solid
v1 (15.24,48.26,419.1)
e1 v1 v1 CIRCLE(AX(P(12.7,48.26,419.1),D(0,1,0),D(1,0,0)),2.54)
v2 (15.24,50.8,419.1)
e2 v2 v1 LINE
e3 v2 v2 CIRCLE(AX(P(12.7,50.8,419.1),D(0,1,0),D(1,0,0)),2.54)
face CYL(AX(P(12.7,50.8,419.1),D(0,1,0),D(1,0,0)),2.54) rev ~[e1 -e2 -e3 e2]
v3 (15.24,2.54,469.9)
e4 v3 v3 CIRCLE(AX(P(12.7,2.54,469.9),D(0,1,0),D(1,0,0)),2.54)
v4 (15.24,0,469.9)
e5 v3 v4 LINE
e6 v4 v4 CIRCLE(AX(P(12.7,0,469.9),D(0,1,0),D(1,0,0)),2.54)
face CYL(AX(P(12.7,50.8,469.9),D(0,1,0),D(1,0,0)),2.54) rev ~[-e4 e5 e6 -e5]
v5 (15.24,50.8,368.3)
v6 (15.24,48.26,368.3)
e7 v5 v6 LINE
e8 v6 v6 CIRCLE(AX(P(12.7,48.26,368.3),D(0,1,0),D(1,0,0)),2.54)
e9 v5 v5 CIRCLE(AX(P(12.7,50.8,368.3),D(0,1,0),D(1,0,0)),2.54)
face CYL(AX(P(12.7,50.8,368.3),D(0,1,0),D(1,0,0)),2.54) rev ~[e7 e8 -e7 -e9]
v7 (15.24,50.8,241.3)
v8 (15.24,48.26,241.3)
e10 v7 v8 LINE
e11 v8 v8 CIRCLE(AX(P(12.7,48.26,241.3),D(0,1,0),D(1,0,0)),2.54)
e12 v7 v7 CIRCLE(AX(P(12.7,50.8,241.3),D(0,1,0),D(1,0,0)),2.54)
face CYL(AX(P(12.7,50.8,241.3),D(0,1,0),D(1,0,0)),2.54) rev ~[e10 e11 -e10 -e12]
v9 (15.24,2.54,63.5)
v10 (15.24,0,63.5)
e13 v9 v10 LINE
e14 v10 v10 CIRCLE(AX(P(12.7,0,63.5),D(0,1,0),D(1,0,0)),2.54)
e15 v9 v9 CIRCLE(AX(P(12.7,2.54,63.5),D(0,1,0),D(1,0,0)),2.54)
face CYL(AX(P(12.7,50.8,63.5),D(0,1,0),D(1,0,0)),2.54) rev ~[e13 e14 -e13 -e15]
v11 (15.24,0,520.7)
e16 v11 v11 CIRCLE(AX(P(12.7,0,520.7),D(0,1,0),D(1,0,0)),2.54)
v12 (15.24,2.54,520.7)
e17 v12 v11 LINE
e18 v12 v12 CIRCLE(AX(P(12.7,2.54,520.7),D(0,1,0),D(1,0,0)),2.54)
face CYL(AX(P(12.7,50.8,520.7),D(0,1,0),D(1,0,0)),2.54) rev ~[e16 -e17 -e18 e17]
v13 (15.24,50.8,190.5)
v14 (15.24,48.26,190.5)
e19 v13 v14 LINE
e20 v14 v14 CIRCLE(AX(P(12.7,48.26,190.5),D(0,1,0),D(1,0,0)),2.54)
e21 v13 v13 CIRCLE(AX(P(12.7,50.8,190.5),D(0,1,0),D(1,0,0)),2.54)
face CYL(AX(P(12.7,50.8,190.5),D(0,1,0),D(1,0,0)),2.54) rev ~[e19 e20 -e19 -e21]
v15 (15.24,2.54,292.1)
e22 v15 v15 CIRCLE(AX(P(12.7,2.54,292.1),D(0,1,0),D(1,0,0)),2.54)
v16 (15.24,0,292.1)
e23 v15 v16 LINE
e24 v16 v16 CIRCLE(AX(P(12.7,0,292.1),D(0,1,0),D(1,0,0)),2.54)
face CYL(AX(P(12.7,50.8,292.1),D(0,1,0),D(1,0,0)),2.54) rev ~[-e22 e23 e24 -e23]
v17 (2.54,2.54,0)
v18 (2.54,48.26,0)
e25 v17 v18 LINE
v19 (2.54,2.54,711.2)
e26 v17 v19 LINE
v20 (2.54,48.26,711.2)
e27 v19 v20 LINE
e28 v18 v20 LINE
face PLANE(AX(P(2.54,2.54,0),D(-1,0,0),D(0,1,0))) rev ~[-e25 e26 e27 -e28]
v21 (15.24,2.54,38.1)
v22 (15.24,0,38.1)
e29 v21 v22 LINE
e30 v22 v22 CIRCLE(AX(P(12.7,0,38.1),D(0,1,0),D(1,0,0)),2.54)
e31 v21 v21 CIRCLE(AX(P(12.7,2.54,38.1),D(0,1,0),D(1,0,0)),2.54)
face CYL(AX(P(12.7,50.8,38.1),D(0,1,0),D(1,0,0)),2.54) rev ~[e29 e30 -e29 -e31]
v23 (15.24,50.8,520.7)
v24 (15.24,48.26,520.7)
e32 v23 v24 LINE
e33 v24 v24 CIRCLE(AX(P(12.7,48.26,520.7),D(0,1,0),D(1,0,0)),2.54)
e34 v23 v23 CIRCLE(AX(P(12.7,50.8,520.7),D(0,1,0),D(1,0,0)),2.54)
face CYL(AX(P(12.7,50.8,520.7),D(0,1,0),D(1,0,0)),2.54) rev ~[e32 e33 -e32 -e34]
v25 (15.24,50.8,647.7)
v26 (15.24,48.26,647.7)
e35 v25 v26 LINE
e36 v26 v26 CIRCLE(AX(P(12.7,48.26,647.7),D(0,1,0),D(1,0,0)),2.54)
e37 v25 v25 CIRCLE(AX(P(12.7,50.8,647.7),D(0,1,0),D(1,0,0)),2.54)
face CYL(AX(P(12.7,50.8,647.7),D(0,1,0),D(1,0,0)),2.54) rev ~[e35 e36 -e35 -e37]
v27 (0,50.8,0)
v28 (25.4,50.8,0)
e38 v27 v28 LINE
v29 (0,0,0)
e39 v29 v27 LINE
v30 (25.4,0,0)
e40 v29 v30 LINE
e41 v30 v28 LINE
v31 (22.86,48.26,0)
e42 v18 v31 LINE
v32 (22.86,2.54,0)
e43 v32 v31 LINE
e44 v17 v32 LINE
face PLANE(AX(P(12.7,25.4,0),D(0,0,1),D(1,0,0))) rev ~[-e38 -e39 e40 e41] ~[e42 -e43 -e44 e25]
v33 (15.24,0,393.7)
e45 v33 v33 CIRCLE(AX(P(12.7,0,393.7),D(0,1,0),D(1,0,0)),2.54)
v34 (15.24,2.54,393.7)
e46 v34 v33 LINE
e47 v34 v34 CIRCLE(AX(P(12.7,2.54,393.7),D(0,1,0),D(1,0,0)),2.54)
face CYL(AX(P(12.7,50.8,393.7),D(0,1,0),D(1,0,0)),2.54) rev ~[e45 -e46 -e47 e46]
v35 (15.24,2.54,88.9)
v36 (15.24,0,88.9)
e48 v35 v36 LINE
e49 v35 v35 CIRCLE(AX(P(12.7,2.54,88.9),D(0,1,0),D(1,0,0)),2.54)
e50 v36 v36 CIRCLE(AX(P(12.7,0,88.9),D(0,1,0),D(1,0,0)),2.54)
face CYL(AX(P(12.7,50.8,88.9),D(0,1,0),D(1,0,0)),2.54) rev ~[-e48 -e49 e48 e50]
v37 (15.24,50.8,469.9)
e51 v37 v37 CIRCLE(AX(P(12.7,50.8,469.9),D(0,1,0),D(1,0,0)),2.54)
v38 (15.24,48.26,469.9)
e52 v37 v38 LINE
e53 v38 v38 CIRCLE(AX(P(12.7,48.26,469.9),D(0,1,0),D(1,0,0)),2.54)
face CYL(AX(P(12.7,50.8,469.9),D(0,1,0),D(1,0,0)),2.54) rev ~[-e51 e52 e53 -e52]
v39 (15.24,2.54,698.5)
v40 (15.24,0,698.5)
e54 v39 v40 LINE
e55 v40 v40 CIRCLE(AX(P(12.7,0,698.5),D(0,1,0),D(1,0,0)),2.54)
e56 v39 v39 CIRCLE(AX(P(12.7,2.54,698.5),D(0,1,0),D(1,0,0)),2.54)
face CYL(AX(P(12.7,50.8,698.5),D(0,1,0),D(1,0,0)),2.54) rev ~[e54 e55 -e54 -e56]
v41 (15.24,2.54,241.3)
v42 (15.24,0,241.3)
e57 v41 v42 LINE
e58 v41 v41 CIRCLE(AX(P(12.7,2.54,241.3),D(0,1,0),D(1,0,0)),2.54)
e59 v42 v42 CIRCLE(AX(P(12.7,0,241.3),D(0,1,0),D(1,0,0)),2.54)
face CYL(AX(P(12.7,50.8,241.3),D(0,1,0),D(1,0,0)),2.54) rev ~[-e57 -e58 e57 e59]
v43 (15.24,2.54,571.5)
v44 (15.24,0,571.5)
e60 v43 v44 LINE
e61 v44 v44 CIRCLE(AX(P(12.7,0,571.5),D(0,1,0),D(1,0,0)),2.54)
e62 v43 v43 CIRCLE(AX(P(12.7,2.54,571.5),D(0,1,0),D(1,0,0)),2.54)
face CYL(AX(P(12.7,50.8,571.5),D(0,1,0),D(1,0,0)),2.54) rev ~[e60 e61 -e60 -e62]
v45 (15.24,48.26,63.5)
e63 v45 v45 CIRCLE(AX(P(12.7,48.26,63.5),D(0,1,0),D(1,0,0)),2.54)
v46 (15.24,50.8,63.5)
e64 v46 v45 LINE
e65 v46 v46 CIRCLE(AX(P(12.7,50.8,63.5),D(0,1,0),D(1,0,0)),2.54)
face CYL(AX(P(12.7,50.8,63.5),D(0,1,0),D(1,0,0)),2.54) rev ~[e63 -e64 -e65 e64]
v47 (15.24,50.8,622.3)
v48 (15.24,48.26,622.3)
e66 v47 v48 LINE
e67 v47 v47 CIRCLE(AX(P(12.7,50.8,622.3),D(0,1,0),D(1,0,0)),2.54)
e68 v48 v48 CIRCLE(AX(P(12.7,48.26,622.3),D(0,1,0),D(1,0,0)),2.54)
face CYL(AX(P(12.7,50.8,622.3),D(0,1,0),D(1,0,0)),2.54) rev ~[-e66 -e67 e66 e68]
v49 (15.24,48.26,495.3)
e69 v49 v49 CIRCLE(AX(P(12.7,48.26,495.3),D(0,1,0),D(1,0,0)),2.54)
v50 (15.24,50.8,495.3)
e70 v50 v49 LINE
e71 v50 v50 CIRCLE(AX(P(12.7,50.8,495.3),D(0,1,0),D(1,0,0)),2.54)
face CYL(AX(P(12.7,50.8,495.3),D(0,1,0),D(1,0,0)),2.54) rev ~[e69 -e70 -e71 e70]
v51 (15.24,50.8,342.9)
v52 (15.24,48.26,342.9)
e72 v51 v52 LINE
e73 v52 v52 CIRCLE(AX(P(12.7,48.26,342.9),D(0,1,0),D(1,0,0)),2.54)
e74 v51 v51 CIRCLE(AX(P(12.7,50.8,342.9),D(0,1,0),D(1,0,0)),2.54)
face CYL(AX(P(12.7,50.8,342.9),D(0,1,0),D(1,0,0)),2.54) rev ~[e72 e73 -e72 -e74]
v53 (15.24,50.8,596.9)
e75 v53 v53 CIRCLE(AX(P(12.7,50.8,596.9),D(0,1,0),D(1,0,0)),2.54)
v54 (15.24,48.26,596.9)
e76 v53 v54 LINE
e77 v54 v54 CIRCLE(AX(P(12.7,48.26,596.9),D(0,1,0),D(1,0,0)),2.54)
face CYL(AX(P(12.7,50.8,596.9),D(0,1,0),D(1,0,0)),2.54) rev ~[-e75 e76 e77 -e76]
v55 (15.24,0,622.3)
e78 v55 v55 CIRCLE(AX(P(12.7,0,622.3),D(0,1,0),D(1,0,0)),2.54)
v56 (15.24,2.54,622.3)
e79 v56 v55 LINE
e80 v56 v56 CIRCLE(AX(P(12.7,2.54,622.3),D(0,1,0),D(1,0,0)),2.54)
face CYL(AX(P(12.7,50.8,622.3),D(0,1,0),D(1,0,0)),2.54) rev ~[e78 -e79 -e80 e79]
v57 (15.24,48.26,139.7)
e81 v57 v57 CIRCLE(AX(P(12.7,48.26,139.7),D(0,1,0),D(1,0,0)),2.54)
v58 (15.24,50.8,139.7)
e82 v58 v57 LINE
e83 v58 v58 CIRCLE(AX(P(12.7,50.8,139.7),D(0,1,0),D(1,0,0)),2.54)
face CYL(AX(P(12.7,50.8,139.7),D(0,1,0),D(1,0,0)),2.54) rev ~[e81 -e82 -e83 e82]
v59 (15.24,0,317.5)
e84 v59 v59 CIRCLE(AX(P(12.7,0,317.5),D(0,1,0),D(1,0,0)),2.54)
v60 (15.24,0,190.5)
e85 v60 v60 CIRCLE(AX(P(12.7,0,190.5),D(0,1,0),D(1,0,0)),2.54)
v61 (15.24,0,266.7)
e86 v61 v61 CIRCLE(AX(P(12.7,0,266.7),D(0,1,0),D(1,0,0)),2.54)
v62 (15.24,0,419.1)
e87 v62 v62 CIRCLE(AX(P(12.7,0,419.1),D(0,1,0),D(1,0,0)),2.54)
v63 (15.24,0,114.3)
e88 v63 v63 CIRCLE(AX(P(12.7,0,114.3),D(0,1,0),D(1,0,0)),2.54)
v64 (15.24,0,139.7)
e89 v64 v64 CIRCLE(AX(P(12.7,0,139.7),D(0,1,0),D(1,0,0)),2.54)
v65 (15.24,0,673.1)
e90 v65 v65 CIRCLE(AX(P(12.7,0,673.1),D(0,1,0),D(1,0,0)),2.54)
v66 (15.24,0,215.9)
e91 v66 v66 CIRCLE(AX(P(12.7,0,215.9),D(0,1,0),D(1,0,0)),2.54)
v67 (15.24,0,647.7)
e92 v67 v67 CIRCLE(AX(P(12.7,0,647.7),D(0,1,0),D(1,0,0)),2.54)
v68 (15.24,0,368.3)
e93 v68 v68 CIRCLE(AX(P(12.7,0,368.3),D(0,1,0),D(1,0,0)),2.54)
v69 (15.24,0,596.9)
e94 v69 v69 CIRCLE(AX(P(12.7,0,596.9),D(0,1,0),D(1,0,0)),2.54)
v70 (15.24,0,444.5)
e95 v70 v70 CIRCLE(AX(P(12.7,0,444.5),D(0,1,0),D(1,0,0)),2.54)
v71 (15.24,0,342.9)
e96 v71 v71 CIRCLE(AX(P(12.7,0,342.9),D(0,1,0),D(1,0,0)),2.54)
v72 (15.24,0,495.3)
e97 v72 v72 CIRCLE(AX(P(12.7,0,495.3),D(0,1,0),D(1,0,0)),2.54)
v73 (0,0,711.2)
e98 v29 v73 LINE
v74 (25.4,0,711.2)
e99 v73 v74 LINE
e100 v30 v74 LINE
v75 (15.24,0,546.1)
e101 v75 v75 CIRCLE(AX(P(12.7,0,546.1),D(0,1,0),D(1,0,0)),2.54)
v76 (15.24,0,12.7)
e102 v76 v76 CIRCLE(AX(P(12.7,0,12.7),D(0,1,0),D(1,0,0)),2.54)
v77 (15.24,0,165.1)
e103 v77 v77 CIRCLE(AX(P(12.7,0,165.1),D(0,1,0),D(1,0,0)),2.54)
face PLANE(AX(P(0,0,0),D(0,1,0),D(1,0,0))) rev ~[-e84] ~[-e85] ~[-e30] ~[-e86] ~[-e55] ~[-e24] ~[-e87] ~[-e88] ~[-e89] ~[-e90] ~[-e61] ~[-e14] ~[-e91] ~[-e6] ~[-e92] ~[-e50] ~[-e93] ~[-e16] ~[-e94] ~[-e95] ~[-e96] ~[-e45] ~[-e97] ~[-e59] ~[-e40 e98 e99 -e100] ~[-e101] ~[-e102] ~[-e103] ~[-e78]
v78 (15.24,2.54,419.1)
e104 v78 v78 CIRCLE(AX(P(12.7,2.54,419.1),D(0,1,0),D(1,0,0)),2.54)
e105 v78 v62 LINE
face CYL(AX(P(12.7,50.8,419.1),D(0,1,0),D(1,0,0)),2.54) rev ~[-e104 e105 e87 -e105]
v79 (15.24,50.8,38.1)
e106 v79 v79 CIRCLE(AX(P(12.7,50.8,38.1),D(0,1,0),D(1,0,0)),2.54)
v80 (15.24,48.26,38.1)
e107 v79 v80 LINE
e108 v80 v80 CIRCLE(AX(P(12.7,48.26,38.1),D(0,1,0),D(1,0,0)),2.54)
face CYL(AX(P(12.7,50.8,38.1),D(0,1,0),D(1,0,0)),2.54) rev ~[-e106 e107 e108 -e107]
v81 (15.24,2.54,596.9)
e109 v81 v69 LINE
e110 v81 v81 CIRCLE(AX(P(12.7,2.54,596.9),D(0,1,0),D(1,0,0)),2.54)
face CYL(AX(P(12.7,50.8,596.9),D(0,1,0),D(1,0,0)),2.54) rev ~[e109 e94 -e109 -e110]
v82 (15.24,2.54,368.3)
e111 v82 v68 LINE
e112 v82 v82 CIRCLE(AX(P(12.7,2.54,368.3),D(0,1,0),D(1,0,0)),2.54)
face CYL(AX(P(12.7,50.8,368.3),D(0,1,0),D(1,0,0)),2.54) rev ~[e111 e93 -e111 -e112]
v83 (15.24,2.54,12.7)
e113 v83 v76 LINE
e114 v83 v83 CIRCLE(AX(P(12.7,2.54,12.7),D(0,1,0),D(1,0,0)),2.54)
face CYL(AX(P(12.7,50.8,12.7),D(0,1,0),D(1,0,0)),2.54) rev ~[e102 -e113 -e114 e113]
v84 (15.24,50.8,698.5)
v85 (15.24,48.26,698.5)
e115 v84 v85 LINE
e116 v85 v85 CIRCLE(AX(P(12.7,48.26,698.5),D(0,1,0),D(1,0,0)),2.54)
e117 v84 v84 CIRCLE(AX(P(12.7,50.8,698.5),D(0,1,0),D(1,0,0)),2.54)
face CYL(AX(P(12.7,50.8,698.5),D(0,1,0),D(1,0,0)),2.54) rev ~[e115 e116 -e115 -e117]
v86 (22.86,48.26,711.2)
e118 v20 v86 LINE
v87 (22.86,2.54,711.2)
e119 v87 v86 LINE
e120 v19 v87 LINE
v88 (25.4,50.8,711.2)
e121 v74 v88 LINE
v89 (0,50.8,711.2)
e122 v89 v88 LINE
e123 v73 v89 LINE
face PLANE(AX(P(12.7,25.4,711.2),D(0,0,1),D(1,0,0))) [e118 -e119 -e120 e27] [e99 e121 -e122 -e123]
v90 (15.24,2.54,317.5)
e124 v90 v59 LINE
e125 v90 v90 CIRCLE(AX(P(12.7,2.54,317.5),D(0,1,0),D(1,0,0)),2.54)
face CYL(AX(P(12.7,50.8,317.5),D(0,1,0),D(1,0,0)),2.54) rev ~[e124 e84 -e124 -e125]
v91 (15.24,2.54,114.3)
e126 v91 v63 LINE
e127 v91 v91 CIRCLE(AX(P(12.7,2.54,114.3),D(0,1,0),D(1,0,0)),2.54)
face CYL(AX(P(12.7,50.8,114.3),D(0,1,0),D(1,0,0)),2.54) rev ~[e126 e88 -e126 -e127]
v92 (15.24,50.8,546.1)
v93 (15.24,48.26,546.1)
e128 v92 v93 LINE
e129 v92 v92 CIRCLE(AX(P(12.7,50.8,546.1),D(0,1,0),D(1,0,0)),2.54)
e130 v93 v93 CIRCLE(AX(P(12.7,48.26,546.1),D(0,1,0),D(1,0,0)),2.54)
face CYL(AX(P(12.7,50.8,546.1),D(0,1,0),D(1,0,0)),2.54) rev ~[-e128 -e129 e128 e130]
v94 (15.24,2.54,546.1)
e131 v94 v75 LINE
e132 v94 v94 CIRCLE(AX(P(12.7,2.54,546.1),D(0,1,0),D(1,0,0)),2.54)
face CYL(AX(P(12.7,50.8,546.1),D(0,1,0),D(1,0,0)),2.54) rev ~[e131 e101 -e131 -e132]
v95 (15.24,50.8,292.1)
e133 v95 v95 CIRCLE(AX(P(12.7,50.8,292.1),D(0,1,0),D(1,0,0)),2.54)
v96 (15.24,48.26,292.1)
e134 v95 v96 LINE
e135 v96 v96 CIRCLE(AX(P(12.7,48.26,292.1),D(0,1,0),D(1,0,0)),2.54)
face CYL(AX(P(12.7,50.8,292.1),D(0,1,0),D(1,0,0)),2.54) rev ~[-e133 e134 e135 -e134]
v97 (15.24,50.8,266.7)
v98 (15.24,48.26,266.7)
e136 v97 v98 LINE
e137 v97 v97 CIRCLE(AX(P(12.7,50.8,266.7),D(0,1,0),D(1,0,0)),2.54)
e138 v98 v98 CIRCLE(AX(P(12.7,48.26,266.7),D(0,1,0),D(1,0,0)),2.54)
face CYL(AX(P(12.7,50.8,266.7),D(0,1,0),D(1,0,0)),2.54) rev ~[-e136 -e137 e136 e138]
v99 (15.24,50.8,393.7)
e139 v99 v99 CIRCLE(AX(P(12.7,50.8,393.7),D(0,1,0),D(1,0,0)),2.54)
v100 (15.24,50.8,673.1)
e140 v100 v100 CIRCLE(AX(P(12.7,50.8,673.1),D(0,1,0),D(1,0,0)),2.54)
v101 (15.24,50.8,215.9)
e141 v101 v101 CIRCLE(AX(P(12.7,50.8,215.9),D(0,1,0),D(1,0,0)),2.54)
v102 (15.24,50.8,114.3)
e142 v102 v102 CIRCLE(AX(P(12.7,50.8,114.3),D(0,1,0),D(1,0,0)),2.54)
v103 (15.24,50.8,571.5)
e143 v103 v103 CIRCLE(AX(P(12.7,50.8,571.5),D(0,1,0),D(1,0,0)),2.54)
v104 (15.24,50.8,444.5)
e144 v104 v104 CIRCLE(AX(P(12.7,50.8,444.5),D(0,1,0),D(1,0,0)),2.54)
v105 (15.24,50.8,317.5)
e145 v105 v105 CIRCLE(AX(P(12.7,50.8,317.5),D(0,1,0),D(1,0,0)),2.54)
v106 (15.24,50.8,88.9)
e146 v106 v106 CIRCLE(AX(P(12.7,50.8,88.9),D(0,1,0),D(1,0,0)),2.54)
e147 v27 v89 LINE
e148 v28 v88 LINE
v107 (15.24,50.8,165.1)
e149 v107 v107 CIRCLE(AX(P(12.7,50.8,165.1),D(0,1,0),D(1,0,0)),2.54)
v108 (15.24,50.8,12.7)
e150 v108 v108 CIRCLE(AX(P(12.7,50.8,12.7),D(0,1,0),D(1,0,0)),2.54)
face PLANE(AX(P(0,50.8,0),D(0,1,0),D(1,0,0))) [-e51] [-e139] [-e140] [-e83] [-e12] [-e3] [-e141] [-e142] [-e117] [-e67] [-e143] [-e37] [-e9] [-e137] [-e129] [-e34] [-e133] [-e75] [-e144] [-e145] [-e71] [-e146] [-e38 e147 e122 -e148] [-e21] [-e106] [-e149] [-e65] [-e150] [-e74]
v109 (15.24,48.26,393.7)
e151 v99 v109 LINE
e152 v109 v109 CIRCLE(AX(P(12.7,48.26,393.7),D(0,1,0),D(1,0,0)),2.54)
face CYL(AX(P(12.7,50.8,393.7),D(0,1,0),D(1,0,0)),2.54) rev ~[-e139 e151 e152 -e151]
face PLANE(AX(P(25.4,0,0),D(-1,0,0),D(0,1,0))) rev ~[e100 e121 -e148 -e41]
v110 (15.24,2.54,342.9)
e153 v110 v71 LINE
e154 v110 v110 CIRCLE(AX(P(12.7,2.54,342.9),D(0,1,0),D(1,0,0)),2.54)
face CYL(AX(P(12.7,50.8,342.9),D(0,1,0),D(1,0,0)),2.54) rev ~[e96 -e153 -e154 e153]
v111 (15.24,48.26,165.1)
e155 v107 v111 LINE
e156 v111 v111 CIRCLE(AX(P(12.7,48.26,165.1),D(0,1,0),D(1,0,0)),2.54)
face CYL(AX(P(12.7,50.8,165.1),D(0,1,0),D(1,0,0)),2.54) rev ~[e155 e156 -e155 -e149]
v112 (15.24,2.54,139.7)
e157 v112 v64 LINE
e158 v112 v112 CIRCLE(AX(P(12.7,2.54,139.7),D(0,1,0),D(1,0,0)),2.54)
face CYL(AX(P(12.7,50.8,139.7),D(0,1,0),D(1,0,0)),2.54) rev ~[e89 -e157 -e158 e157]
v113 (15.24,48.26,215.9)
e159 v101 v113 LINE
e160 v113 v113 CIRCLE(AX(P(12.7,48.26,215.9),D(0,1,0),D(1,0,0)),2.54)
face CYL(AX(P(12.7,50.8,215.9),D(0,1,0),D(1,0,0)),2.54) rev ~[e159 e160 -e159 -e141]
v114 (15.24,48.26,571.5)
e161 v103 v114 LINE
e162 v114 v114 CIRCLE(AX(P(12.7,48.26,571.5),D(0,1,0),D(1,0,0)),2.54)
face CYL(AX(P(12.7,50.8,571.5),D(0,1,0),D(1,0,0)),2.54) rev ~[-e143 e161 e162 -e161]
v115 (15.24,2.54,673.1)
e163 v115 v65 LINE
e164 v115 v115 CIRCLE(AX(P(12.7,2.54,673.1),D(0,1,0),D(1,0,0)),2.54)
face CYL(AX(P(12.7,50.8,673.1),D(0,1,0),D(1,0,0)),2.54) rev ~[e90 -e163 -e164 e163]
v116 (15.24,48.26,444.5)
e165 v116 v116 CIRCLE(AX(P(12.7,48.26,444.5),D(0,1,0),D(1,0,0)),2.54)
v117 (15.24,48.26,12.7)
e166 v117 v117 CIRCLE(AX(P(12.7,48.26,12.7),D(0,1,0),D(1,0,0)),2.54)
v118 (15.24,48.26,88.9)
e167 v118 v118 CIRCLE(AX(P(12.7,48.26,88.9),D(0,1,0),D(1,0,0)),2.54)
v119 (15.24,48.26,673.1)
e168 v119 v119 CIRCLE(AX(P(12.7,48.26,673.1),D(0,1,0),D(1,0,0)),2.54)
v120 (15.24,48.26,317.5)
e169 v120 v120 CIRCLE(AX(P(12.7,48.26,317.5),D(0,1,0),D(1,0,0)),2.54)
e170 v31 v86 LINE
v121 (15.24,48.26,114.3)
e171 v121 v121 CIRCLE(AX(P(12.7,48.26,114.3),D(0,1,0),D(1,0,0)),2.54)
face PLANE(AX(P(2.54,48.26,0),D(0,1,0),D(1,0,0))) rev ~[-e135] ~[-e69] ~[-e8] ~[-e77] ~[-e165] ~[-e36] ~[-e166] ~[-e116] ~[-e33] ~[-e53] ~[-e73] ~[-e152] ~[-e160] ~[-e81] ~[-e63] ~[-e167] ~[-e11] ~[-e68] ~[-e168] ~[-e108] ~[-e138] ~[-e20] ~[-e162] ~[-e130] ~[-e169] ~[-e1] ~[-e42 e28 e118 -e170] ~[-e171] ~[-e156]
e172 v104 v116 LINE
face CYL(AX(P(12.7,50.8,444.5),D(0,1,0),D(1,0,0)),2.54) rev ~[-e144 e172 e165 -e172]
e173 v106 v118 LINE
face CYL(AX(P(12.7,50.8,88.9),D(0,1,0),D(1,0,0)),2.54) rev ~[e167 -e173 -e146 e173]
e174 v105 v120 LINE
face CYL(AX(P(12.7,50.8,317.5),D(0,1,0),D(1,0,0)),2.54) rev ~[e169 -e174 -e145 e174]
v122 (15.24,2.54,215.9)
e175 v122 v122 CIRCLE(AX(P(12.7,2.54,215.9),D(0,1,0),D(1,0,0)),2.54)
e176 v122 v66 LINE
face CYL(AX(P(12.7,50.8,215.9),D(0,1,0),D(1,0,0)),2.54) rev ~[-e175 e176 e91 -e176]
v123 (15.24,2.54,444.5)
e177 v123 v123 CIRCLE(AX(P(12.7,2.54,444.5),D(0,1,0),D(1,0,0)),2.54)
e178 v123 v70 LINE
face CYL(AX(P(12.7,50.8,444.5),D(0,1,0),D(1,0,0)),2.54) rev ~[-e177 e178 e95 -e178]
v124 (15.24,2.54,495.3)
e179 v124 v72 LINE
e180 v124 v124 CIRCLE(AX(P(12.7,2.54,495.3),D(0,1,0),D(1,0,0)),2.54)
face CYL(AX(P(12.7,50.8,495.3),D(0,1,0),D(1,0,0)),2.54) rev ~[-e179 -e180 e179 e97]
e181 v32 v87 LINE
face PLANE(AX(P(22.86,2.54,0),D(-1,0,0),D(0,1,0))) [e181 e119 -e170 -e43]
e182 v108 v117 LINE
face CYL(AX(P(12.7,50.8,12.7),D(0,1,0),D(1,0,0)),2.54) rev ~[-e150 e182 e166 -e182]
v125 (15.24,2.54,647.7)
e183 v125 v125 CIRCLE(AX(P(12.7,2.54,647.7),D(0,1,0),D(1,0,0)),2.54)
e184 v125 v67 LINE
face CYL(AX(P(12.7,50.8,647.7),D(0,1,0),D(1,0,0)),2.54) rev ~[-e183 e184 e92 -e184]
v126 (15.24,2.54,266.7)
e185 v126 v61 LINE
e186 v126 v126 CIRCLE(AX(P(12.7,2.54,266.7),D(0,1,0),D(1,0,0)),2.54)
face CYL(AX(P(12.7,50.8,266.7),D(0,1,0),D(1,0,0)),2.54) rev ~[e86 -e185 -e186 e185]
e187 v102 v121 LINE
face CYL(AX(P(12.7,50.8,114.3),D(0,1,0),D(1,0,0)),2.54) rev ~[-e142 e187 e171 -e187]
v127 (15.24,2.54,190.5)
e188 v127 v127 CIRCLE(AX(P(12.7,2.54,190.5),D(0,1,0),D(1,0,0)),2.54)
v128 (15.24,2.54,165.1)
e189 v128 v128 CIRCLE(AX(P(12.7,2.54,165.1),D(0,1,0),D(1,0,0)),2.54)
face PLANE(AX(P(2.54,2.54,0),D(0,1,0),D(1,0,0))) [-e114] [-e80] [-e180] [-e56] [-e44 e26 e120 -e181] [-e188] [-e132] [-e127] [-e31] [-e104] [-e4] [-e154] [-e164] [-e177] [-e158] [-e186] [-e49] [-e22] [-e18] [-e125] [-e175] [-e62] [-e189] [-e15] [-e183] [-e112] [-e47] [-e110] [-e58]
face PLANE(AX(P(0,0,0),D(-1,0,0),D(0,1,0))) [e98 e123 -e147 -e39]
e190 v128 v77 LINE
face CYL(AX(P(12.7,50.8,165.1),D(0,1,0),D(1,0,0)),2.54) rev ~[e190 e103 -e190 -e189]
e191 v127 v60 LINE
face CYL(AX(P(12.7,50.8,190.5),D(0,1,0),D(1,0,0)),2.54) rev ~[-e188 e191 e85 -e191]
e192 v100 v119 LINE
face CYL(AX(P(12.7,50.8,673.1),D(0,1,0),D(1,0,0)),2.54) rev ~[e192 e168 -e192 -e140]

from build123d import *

# Parameters (mm, degrees)
SKETCH1_W           = 25.4
SKETCH1_H           = 50.8
SKETCH1_W_2         = 20.32
SKETCH1_H_2         = 45.72
BOSS_EXTRUDE1_DEPTH = 711.2
SKETCH2_R           = 2.54
CUT_EXTRUDE1_DEPTH  = 51.8
LPATTERN1_COUNT     = 28
LPATTERN1_PITCH     = 25.4


with BuildPart() as part:
    # Sketch1 → Boss-Extrude1 (new body)
    with BuildSketch(Plane.XY):
        with Locations((12.7, 25.4)):
            Rectangle(SKETCH1_W, SKETCH1_H)
        with Locations((12.7, 25.4)):
            Rectangle(SKETCH1_W_2, SKETCH1_H_2, mode=Mode.SUBTRACT)
    extrude(amount=BOSS_EXTRUDE1_DEPTH)

    # Sketch2 → Cut-Extrude1 (cut, through all)
    with BuildSketch(Plane(origin=(0, 50.8, 0), x_dir=(1, 0, 0), z_dir=(0, 1, 0))):
        with Locations((12.7, -698.5)):
            Circle(SKETCH2_R)
    cut_extrude1 = extrude(amount=-CUT_EXTRUDE1_DEPTH, mode=Mode.SUBTRACT)

    # LPattern1: Cut-Extrude1 ×28
    with Locations(*[(0, 0, -i * LPATTERN1_PITCH) for i in range(1, LPATTERN1_COUNT)]):
        add(cut_extrude1, mode=Mode.SUBTRACT)


solid = part.part
